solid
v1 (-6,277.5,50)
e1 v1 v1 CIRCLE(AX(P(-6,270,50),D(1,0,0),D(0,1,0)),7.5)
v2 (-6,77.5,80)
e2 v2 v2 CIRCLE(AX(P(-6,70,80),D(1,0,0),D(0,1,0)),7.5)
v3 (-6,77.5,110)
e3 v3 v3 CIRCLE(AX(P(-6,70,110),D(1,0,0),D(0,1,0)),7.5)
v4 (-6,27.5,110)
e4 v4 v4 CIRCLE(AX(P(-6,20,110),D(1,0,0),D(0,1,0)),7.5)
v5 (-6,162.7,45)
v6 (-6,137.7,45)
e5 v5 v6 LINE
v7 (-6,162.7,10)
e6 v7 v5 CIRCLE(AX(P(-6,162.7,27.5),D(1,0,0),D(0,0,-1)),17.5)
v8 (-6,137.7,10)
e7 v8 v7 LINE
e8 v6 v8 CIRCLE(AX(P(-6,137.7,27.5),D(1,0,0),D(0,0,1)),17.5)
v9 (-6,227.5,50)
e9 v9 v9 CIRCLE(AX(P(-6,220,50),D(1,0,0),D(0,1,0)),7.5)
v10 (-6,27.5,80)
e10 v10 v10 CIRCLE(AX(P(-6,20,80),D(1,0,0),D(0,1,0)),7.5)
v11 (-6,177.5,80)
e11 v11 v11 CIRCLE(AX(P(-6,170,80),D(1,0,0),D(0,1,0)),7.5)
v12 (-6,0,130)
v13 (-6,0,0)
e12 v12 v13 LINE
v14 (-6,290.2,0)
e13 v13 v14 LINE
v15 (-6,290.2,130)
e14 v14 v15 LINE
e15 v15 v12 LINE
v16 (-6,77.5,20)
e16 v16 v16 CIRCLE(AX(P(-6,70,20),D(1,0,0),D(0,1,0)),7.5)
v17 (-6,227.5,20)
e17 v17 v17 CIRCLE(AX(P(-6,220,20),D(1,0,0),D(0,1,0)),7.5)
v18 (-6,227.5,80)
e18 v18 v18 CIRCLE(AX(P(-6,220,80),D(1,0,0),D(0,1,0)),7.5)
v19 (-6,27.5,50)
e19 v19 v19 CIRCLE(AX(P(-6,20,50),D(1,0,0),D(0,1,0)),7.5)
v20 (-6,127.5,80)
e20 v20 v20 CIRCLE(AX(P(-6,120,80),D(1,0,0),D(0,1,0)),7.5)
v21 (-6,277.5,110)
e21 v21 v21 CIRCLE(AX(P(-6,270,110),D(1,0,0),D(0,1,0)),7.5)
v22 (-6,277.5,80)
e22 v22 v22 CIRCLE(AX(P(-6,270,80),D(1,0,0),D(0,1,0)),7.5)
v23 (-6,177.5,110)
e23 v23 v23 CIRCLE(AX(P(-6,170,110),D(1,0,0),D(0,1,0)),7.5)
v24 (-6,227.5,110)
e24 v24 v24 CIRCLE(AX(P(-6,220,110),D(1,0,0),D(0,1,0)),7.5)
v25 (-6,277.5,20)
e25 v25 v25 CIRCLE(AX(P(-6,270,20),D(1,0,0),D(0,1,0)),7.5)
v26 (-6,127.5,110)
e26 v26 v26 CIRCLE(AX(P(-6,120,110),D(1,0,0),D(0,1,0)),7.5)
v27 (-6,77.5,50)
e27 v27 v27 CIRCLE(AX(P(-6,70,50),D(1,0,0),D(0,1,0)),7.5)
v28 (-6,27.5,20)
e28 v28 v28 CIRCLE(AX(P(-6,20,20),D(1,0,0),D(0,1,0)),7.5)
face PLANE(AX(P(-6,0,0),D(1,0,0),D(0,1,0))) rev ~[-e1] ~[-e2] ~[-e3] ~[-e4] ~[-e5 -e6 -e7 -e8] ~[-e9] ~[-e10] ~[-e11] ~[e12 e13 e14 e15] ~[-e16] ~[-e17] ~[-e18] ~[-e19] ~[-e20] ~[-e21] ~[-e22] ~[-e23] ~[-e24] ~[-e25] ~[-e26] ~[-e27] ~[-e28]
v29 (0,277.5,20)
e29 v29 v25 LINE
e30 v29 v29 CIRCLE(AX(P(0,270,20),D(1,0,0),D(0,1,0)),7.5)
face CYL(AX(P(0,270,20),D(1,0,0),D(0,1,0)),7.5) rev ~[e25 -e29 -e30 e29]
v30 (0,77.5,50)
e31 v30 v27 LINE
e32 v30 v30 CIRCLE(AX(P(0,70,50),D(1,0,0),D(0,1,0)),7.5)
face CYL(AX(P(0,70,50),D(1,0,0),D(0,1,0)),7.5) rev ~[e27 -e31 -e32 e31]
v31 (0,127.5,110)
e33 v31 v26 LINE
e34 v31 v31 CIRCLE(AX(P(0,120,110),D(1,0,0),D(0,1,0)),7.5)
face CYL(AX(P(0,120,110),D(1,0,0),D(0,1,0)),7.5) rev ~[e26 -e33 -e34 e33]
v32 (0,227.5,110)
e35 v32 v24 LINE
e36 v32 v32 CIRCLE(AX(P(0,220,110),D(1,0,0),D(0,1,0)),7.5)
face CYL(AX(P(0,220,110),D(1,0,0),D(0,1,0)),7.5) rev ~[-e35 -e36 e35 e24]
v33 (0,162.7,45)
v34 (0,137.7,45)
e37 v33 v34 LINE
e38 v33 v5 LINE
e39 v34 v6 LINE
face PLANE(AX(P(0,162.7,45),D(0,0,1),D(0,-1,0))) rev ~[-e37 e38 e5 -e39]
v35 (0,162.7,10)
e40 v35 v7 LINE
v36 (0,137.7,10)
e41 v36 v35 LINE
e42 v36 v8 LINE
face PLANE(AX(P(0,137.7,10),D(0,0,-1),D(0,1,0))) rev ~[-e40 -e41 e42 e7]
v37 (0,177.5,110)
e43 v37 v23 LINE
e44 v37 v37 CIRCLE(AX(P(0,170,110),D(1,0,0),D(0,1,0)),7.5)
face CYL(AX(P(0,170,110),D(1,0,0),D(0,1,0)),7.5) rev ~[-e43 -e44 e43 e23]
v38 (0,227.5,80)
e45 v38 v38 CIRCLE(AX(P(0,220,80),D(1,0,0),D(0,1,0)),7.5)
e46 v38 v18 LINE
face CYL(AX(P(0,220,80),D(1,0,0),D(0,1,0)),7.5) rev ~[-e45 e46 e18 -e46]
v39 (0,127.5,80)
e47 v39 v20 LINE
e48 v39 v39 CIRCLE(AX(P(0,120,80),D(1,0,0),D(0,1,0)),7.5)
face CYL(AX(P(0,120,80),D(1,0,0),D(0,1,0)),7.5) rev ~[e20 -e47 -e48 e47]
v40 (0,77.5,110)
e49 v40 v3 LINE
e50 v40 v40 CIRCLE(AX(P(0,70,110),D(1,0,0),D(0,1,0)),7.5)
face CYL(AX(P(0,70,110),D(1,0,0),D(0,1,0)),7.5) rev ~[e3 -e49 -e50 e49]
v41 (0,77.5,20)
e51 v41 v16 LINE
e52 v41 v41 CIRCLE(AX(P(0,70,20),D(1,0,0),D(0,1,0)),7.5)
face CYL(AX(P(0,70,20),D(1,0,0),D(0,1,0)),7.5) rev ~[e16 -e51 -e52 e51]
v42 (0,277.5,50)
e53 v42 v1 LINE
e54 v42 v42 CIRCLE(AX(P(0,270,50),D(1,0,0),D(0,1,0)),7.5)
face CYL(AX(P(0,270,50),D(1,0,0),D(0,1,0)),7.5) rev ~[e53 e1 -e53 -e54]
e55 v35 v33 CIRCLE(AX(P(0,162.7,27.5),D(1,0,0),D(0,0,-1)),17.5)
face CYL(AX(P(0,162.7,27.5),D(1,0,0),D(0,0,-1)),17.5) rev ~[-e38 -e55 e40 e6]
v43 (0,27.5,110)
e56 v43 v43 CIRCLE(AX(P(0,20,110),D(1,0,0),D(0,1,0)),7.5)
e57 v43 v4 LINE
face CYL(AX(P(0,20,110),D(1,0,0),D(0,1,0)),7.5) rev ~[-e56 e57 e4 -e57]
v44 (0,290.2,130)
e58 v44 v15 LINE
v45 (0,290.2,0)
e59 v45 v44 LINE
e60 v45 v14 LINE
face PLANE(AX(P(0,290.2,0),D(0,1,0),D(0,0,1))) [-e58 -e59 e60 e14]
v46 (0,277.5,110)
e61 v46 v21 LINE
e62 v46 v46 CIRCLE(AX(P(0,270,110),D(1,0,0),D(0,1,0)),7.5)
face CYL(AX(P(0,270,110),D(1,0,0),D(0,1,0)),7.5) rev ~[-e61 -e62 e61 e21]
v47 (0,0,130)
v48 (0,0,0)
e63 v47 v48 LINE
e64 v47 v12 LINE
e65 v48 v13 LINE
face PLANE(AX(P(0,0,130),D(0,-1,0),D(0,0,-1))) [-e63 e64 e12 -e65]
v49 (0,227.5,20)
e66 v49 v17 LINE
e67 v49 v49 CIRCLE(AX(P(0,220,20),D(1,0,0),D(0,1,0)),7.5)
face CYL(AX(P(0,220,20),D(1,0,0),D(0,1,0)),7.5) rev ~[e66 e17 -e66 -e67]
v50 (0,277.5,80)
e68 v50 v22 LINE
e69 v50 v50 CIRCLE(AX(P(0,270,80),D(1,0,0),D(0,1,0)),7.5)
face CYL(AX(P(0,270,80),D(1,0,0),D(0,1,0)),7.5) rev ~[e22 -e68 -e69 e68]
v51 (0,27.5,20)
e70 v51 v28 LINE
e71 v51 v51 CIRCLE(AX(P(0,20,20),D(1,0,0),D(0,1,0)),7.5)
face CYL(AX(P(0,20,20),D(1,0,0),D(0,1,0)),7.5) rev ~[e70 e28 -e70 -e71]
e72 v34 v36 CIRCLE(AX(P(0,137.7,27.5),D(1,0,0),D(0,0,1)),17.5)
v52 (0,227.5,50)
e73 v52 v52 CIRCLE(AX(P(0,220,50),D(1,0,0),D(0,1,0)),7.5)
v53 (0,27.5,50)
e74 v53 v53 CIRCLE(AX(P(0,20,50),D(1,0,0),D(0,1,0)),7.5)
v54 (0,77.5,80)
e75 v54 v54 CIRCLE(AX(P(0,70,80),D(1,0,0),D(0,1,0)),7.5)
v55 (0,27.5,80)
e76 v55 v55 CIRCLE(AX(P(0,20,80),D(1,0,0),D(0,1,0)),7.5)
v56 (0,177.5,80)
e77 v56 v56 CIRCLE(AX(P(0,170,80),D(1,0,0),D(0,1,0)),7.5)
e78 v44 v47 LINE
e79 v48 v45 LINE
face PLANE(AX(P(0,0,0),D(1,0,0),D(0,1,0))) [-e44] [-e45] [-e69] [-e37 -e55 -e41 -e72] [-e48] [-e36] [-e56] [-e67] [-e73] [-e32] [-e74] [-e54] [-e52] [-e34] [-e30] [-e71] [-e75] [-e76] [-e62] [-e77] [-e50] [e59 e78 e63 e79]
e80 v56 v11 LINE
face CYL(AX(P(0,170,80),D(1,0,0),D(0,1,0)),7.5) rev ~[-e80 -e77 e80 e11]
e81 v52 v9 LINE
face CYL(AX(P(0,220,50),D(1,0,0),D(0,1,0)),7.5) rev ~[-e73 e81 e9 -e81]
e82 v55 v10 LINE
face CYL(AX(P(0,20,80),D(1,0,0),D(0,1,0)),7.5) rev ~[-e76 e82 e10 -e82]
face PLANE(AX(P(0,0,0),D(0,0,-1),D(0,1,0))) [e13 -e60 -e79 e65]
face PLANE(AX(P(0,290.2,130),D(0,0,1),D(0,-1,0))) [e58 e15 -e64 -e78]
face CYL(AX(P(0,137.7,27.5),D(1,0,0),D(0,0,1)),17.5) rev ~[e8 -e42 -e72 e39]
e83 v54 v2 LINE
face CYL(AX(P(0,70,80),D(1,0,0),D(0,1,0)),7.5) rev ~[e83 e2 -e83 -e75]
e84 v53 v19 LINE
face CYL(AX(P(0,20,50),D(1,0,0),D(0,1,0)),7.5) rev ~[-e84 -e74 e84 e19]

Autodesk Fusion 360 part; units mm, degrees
sketch "Sketch1" plane through (0, 0, 0) normal (1, 0, 0) x (0, 1, 0)
  line L0 (0, 0) -> (290.2, 0)
  line L1 (290.2, 0) -> (290.2, 130)
  line L2 (290.2, 130) -> (0, 130)
  line L3 (0, 130) -> (0, 0)
  dimension "d1" = 290.2
  dimension "d2" = 130
extrude "Extrude1" add sketch "Sketch1" against normal blind 6
sketch "Sketch2" plane through (0, 0, 0) normal (1, 0, 0) x (0, 1, 0)
  line L0 (0, 130) -> (0, 0)
  line L1 (0, 0) -> (290.2, 0)
  line L2 (290.2, 0) -> (290.2, 130)
  line L3 (290.2, 130) -> (0, 130)
  line L4 (162.7, 45) -> (137.7, 45)
  arc A0 (137.7, 45) -> (137.7, 10) centre (137.7, 27.5) ccw
  line L5 (137.7, 10) -> (162.7, 10)
  arc A1 (162.7, 10) -> (162.7, 45) centre (162.7, 27.5) ccw
  line L6 (180.2, 27.5) -> (120.2, 27.5) construction
  circle A2 centre (20, 110) radius 7.5
  circle A3 centre (70, 110) radius 7.5
  circle A4 centre (120, 110) radius 7.5
  circle A5 centre (170, 110) radius 7.5
  circle A6 centre (220, 110) radius 7.5
  circle A7 centre (270, 110) radius 7.5
  circle A8 centre (20, 80) radius 7.5
  circle A9 centre (70, 80) radius 7.5
  circle A10 centre (120, 80) radius 7.5
  circle A11 centre (170, 80) radius 7.5
  circle A12 centre (220, 80) radius 7.5
  circle A13 centre (270, 80) radius 7.5
  circle A14 centre (20, 50) radius 7.5
  circle A15 centre (70, 50) radius 7.5
  circle A16 centre (220, 50) radius 7.5
  circle A17 centre (270, 50) radius 7.5
  circle A18 centre (20, 20) radius 7.5
  circle A19 centre (70, 20) radius 7.5
  circle A20 centre (220, 20) radius 7.5
  circle A21 centre (270, 20) radius 7.5
  dimension "d5" = 35
  dimension "d6" = 110
  dimension "d7" = 10
  dimension "d8" = 15
  dimension "d9" = 20
  dimension "d10" = 20
  dimension "d13" = 250
  dimension "d14" = -90
extrude "Extrude2" cut sketch "Sketch2" against normal up to surface (6 mm away) contours L4 A0 L5 A1 | A2 | A3 | A4 | A5 | A6 | A7 | A8 | A9 | A10 | A11 | A12 | A13 | A14 | A15 | A16 | A17 | A18 | A19 | A20 | A21
